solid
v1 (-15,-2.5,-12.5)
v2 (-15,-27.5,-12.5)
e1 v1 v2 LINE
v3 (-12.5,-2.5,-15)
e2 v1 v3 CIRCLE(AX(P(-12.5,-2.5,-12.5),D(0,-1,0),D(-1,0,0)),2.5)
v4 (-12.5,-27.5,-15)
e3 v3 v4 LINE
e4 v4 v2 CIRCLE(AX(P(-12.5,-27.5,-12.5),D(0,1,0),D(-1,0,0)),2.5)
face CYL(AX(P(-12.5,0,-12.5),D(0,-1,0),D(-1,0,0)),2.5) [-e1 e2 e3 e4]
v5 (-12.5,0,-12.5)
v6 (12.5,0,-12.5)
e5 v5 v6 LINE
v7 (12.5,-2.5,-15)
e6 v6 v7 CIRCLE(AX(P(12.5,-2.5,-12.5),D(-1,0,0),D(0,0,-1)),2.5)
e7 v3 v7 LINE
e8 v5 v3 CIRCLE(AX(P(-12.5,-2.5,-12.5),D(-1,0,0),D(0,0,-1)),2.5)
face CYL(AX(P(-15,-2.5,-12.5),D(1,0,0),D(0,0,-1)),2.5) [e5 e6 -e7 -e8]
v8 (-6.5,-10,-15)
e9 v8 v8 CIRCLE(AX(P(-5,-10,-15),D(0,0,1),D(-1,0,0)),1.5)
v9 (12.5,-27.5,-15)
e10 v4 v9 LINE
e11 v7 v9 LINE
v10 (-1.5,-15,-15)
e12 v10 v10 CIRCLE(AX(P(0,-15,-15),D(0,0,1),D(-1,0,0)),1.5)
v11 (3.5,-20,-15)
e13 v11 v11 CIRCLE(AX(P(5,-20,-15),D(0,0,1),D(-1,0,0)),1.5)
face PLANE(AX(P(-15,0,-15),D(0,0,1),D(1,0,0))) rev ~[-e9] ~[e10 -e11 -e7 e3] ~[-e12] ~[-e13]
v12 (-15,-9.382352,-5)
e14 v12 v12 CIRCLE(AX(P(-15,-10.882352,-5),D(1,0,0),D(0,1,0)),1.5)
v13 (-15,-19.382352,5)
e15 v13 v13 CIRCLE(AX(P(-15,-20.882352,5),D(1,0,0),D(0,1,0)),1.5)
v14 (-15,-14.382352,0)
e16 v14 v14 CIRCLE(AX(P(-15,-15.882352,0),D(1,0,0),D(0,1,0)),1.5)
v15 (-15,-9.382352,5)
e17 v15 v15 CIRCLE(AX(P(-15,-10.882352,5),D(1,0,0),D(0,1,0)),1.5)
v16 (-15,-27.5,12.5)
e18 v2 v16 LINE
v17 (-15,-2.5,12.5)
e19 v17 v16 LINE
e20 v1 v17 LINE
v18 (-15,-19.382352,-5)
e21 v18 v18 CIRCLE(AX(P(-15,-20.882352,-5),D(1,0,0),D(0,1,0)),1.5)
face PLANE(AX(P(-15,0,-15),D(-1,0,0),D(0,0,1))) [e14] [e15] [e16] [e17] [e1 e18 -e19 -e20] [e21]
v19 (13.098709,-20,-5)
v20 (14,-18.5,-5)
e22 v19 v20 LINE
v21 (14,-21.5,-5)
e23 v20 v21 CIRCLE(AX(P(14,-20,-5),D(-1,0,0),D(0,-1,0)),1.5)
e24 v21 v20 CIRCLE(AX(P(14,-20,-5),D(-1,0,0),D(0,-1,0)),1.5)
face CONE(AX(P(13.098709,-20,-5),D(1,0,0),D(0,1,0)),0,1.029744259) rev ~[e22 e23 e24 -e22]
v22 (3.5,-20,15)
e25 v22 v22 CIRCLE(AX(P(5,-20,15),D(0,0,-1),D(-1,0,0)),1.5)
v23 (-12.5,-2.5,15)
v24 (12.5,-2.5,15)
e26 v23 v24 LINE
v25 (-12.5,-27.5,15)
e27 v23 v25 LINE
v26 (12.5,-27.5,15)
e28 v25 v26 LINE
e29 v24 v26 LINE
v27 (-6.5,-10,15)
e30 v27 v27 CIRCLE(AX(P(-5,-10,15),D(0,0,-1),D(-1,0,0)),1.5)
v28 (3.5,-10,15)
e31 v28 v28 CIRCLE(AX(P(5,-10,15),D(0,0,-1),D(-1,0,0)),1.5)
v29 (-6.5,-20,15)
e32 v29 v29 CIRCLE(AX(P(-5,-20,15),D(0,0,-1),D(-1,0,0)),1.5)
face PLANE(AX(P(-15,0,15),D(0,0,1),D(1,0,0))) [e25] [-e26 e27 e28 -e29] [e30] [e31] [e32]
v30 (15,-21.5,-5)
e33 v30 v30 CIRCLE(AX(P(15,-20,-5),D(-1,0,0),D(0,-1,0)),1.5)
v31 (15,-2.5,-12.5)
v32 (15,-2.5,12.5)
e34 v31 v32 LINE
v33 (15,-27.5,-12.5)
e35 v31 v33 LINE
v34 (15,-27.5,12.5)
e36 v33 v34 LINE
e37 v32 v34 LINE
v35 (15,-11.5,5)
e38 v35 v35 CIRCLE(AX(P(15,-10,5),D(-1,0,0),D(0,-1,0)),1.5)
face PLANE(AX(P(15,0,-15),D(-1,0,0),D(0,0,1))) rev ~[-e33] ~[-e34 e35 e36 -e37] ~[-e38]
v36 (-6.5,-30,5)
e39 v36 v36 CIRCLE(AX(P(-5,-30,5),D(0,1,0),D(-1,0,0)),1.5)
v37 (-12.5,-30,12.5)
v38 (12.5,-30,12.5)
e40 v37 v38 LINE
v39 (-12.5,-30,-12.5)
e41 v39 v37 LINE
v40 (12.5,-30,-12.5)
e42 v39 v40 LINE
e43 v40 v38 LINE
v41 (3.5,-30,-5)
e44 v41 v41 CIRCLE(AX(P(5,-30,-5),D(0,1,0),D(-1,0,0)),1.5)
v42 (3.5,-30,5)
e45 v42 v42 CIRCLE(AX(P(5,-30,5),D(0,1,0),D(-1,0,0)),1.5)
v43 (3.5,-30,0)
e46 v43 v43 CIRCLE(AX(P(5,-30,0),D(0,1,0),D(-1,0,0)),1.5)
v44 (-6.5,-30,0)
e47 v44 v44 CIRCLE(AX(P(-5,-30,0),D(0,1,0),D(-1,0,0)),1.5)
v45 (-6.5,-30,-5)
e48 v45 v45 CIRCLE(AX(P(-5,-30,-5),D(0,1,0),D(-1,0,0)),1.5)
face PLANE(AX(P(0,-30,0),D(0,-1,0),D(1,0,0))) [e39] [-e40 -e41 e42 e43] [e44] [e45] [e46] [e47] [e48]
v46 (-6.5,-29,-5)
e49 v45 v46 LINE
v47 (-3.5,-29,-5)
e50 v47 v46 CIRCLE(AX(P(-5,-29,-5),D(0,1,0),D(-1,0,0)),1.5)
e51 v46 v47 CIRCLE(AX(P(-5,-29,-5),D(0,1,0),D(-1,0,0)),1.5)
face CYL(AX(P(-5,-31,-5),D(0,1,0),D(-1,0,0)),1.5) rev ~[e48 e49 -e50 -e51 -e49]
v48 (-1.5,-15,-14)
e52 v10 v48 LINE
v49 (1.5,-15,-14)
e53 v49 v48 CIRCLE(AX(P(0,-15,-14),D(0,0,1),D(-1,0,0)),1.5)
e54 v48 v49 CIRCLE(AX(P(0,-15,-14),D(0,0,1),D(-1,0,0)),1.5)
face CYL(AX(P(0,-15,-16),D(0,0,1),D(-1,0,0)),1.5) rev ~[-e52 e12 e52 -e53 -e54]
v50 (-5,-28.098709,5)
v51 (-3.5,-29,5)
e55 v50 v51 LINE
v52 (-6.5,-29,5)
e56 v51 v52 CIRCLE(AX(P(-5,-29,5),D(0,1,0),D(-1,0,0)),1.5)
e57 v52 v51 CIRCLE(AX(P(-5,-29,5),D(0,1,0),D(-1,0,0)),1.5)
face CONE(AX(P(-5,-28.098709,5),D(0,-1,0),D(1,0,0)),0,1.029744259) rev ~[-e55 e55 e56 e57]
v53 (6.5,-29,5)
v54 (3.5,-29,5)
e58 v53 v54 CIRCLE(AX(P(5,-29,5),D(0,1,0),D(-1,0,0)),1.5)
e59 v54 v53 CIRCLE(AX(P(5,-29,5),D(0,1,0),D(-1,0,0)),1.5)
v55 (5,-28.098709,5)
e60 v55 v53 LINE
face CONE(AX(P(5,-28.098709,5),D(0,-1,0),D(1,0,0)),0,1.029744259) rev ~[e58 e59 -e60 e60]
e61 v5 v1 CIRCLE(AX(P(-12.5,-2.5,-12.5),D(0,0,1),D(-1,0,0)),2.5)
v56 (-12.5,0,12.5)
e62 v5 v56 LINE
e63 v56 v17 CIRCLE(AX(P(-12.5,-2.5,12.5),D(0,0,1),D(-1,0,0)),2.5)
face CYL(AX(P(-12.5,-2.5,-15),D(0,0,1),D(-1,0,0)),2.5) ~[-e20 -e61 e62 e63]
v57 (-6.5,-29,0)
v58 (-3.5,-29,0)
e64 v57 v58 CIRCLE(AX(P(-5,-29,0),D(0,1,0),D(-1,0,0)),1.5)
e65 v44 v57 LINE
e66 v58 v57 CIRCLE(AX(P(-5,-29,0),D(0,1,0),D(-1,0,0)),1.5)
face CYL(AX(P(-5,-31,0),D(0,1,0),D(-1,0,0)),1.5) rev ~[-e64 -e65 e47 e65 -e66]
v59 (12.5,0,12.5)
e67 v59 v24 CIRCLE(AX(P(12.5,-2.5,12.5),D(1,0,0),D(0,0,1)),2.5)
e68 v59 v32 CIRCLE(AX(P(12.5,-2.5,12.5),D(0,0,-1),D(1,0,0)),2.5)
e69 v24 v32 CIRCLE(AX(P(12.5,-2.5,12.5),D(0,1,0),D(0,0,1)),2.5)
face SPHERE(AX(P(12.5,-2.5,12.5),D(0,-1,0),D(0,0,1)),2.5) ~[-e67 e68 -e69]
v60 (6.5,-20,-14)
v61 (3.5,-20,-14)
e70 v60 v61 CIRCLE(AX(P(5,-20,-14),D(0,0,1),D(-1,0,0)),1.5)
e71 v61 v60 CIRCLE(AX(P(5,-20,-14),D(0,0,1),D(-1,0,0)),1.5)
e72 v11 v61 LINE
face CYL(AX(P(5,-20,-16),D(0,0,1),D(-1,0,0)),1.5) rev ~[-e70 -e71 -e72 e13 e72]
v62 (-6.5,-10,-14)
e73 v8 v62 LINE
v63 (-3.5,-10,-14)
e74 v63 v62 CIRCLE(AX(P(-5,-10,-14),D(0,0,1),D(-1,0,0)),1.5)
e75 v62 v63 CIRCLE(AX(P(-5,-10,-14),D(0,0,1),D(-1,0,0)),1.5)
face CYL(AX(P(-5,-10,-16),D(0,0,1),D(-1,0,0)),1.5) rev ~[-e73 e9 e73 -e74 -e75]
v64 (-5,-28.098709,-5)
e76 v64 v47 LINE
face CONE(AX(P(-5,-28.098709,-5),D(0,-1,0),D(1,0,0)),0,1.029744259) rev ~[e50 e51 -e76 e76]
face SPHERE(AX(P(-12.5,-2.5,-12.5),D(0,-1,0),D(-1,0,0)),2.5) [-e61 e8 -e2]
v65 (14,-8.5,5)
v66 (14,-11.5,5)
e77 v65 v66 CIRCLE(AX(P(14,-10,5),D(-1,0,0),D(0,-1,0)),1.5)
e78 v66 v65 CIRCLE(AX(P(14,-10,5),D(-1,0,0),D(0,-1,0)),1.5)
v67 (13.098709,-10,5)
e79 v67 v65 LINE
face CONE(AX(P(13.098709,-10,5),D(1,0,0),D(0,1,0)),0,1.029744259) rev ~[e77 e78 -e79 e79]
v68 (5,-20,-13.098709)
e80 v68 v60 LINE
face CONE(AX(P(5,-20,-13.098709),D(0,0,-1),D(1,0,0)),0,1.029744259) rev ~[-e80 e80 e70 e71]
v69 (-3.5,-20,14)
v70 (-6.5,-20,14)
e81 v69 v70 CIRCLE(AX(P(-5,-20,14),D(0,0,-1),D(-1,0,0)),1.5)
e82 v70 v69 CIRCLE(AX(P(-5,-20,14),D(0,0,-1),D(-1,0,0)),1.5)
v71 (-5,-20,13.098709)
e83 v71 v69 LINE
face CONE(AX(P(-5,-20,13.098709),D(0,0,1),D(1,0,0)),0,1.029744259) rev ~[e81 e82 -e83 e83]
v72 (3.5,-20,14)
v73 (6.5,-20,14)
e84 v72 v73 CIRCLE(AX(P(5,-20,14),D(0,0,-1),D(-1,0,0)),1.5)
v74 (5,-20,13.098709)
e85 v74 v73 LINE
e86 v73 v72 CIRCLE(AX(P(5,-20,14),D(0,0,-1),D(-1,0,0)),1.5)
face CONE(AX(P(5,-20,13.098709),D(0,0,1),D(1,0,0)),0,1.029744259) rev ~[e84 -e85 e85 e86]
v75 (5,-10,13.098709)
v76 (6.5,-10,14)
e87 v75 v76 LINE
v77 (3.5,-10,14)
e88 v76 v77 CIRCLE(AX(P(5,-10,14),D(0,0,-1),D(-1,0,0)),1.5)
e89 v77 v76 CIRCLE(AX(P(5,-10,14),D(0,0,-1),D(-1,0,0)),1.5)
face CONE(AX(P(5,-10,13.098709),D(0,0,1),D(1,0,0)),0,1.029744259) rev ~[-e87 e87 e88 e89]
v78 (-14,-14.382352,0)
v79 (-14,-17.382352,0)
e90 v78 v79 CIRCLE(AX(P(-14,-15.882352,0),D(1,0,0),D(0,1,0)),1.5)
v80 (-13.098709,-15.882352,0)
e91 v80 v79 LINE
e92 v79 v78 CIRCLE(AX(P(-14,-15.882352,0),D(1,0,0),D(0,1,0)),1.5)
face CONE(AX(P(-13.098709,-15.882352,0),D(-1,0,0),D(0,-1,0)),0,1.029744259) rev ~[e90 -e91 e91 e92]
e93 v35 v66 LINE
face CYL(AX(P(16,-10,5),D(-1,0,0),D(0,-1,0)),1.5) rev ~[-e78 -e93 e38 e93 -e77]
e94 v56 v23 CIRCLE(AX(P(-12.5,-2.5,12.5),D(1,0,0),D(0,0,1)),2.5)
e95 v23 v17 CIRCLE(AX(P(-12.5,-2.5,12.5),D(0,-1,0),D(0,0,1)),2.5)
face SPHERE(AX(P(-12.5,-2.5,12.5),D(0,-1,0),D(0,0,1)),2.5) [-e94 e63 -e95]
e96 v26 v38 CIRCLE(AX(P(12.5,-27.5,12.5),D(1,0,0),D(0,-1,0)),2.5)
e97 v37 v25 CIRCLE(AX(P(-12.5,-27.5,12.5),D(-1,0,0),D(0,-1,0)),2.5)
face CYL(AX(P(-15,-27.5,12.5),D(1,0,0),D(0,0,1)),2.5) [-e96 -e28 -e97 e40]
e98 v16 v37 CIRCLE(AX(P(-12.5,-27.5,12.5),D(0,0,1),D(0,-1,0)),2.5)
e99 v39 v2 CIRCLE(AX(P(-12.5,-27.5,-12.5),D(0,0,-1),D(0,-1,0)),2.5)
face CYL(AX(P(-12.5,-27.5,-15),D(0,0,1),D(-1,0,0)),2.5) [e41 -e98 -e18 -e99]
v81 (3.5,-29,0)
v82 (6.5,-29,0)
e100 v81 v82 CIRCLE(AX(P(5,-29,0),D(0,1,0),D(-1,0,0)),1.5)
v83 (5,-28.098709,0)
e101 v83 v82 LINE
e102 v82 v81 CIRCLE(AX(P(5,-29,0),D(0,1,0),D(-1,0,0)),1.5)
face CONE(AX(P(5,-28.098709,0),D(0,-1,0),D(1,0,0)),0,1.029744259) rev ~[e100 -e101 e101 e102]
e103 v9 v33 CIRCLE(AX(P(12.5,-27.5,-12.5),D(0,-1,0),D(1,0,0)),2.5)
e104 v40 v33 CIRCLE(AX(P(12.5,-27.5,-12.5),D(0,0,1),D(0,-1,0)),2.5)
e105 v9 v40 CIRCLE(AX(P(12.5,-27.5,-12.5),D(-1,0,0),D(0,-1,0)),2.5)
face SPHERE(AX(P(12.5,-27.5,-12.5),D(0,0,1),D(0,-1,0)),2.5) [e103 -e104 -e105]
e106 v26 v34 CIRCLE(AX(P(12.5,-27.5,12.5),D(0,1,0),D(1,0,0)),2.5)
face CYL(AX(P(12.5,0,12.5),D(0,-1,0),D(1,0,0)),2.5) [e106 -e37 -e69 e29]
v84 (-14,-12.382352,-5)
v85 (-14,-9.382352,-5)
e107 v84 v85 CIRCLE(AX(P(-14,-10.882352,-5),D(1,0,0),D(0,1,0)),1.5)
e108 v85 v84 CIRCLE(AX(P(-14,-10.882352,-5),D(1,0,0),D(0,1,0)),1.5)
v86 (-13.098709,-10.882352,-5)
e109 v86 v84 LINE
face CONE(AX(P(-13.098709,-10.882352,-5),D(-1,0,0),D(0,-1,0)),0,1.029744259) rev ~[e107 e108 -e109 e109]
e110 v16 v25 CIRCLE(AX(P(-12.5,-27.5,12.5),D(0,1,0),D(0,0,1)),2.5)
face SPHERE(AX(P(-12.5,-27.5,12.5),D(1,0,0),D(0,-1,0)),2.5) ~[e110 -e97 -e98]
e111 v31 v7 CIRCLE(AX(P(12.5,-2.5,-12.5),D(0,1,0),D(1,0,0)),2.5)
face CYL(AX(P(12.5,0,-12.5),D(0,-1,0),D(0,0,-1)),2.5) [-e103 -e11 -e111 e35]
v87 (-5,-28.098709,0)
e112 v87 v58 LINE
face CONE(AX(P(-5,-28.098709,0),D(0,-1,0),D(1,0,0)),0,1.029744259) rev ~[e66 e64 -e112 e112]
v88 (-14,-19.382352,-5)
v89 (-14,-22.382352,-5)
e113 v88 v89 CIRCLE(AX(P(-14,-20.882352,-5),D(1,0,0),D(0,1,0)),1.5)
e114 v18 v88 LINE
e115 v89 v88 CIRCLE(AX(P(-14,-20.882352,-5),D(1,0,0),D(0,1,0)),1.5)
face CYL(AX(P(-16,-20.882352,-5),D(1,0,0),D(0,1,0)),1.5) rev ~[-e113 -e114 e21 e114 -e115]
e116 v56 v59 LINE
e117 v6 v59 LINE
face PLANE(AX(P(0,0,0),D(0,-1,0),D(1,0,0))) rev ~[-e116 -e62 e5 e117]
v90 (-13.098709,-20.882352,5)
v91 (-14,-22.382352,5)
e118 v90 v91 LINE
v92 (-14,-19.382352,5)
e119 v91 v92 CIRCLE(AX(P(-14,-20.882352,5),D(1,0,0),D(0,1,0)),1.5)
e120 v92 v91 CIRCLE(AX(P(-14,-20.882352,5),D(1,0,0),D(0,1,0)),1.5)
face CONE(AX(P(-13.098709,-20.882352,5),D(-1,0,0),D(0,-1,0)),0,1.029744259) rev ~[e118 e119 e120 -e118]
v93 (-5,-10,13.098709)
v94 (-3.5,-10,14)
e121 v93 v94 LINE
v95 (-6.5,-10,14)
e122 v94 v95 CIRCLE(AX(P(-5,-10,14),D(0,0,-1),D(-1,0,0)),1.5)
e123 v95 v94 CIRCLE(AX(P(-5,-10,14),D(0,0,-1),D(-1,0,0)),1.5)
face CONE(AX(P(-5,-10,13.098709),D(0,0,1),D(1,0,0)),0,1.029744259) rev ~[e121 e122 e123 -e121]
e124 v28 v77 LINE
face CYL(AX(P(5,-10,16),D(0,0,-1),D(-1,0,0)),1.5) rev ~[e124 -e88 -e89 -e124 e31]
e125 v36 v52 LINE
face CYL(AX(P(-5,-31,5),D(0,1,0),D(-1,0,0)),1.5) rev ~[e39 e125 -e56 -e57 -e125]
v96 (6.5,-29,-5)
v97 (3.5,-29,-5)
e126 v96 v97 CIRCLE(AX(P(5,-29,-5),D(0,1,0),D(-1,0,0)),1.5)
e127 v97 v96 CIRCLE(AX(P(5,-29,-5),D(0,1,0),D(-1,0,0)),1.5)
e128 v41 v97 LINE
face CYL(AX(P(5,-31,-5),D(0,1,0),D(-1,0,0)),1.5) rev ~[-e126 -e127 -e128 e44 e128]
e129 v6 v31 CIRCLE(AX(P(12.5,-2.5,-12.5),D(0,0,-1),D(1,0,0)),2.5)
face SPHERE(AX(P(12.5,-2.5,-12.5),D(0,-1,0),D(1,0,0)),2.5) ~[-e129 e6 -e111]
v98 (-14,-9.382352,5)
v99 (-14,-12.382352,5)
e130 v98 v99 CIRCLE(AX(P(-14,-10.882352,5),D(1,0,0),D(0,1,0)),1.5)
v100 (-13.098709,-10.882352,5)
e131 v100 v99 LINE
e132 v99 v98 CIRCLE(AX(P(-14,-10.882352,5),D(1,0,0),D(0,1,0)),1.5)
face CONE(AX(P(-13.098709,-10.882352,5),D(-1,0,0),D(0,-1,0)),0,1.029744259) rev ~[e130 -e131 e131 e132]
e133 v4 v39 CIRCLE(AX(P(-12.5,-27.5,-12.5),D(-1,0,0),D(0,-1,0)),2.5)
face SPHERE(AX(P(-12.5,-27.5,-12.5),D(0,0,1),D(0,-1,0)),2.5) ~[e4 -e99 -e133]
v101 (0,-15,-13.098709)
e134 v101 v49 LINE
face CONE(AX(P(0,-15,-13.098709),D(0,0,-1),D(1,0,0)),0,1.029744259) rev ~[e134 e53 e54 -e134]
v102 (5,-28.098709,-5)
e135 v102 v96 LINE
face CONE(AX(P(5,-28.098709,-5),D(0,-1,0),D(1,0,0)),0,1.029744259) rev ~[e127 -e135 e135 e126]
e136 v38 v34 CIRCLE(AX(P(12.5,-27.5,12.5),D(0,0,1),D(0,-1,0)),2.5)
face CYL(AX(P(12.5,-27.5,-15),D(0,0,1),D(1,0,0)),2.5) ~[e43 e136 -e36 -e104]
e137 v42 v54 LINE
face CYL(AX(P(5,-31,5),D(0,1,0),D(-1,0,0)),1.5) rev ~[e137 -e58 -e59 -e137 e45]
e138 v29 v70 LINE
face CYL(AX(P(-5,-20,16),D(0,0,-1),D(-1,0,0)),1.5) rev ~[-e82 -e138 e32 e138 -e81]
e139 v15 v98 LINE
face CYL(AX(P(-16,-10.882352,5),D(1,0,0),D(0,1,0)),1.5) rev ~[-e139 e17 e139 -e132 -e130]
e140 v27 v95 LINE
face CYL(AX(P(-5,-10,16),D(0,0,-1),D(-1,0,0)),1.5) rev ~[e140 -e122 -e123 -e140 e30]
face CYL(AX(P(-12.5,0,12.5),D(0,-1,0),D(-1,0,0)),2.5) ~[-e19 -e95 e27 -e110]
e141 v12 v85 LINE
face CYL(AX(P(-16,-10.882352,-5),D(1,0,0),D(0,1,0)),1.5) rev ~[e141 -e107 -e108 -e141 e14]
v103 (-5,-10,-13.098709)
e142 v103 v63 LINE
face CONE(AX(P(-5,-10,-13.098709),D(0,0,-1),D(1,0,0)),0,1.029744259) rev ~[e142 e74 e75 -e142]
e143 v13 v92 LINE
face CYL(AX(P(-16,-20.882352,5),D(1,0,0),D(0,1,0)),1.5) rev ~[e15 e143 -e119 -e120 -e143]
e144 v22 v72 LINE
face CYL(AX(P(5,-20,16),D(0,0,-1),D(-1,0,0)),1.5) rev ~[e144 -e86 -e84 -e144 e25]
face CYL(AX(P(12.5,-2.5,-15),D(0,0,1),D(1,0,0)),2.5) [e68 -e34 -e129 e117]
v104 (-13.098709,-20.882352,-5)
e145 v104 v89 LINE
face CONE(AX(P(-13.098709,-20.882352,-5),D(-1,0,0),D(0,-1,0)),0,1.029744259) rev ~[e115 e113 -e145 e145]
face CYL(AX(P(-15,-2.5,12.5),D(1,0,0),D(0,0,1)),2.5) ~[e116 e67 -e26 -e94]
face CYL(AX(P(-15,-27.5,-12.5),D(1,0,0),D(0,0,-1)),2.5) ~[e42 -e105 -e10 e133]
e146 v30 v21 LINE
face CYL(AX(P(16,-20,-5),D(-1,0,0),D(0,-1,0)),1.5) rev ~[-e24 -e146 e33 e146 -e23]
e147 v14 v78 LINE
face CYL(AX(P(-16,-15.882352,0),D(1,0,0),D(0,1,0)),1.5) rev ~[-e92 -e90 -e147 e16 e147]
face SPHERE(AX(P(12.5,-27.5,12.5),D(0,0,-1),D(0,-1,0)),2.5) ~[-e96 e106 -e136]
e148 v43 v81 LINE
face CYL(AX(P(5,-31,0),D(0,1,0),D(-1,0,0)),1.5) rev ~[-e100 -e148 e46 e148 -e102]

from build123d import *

# Parameters (mm, degrees)
F0_W           = 30
F0_H           = 30
F1_DEPTH       = 30
F2_R           = 2.5
F8_D           = 3
F8_DEPTH       = 1
F8_TIP         = 0.9012909285
F8_ON_F4_D     = 3
F8_ON_F4_DEPTH = 1
F8_ON_F4_TIP   = 0.9012909285
F8_ON_F7_D     = 3
F8_ON_F7_DEPTH = 1
F8_ON_F7_TIP   = 0.9012909285
F8_ON_F6_D     = 3
F8_ON_F6_DEPTH = 1
F8_ON_F6_TIP   = 0.9012909285
F8_ON_F5_D     = 3
F8_ON_F5_DEPTH = 1
F8_ON_F5_TIP   = 0.9012909285


with BuildPart() as f1:
    # F0 (on Front) → F1 (new body)
    with BuildSketch(Plane.XZ):
        Rectangle(F0_W, F0_H)
    extrude(amount=F1_DEPTH)

    # F2
    f2_edges = [f1.edges().sort_by_distance(p)[0] for p in [
        (15, -30, 0),
        (0, -30, 15),
        (-15, -30, 0),
        (0, -30, -15),
        (15, -15, 15),
        (-15, -15, 15),
        (0, 0, 15),
        (15, -15, -15),
        (15, 0, 0),
        (-15, -15, -15),
        (-15, 0, 0),
        (0, 0, -15),
    ]]
    fillet(f2_edges, radius=F2_R)

    # F8
    with Locations(Plane.XZ.offset(30)):
        with Locations((-5, 5), (5, 5), (5, 0), (-5, 0), (-5, -5), (5, -5)):
            Hole(F8_D / 2, depth=F8_DEPTH)
            with Locations((0, 0, -(F8_DEPTH + F8_TIP / 2))):  # 118° drill point
                Cone(0, F8_D / 2, F8_TIP, mode=Mode.SUBTRACT)

    # F8 on F4
    with Locations(Plane.XY.offset(15)):
        with Locations((-5, -20), (-5, -10), (5, -10), (5, -20)):
            Hole(F8_ON_F4_D / 2, depth=F8_ON_F4_DEPTH)
            with Locations((0, 0, -(F8_ON_F4_DEPTH + F8_ON_F4_TIP / 2))):  # 118° drill point
                Cone(0, F8_ON_F4_D / 2, F8_ON_F4_TIP, mode=Mode.SUBTRACT)

    # F8 on F7
    with Locations(Plane.YZ.offset(15)):
        with Locations((-10, 5), (-20, -5)):
            Hole(F8_ON_F7_D / 2, depth=F8_ON_F7_DEPTH)
            with Locations((0, 0, -(F8_ON_F7_DEPTH + F8_ON_F7_TIP / 2))):  # 118° drill point
                Cone(0, F8_ON_F7_D / 2, F8_ON_F7_TIP, mode=Mode.SUBTRACT)

    # F8 on F6
    with Locations(Plane(origin=(-15, 0, 0), x_dir=(0, -1, 0), z_dir=(-1, 0, 0))):
        with Locations((20.8823522035, 5), (15.8823522035, 0), (10.8823522035, -5), (10.8823522035, 5), (20.8823522035, -5)):
            Hole(F8_ON_F6_D / 2, depth=F8_ON_F6_DEPTH)
            with Locations((0, 0, -(F8_ON_F6_DEPTH + F8_ON_F6_TIP / 2))):  # 118° drill point
                Cone(0, F8_ON_F6_D / 2, F8_ON_F6_TIP, mode=Mode.SUBTRACT)

    # F8 on F5
    with Locations(Plane(origin=(0, 0, -15), x_dir=(1, 0, 0), z_dir=(0, 0, -1))):
        with Locations((-5, 10), (0, 15), (5, 20)):
            Hole(F8_ON_F5_D / 2, depth=F8_ON_F5_DEPTH)
            with Locations((0, 0, -(F8_ON_F5_DEPTH + F8_ON_F5_TIP / 2))):  # 118° drill point
                Cone(0, F8_ON_F5_D / 2, F8_ON_F5_TIP, mode=Mode.SUBTRACT)


solid = f1.part
